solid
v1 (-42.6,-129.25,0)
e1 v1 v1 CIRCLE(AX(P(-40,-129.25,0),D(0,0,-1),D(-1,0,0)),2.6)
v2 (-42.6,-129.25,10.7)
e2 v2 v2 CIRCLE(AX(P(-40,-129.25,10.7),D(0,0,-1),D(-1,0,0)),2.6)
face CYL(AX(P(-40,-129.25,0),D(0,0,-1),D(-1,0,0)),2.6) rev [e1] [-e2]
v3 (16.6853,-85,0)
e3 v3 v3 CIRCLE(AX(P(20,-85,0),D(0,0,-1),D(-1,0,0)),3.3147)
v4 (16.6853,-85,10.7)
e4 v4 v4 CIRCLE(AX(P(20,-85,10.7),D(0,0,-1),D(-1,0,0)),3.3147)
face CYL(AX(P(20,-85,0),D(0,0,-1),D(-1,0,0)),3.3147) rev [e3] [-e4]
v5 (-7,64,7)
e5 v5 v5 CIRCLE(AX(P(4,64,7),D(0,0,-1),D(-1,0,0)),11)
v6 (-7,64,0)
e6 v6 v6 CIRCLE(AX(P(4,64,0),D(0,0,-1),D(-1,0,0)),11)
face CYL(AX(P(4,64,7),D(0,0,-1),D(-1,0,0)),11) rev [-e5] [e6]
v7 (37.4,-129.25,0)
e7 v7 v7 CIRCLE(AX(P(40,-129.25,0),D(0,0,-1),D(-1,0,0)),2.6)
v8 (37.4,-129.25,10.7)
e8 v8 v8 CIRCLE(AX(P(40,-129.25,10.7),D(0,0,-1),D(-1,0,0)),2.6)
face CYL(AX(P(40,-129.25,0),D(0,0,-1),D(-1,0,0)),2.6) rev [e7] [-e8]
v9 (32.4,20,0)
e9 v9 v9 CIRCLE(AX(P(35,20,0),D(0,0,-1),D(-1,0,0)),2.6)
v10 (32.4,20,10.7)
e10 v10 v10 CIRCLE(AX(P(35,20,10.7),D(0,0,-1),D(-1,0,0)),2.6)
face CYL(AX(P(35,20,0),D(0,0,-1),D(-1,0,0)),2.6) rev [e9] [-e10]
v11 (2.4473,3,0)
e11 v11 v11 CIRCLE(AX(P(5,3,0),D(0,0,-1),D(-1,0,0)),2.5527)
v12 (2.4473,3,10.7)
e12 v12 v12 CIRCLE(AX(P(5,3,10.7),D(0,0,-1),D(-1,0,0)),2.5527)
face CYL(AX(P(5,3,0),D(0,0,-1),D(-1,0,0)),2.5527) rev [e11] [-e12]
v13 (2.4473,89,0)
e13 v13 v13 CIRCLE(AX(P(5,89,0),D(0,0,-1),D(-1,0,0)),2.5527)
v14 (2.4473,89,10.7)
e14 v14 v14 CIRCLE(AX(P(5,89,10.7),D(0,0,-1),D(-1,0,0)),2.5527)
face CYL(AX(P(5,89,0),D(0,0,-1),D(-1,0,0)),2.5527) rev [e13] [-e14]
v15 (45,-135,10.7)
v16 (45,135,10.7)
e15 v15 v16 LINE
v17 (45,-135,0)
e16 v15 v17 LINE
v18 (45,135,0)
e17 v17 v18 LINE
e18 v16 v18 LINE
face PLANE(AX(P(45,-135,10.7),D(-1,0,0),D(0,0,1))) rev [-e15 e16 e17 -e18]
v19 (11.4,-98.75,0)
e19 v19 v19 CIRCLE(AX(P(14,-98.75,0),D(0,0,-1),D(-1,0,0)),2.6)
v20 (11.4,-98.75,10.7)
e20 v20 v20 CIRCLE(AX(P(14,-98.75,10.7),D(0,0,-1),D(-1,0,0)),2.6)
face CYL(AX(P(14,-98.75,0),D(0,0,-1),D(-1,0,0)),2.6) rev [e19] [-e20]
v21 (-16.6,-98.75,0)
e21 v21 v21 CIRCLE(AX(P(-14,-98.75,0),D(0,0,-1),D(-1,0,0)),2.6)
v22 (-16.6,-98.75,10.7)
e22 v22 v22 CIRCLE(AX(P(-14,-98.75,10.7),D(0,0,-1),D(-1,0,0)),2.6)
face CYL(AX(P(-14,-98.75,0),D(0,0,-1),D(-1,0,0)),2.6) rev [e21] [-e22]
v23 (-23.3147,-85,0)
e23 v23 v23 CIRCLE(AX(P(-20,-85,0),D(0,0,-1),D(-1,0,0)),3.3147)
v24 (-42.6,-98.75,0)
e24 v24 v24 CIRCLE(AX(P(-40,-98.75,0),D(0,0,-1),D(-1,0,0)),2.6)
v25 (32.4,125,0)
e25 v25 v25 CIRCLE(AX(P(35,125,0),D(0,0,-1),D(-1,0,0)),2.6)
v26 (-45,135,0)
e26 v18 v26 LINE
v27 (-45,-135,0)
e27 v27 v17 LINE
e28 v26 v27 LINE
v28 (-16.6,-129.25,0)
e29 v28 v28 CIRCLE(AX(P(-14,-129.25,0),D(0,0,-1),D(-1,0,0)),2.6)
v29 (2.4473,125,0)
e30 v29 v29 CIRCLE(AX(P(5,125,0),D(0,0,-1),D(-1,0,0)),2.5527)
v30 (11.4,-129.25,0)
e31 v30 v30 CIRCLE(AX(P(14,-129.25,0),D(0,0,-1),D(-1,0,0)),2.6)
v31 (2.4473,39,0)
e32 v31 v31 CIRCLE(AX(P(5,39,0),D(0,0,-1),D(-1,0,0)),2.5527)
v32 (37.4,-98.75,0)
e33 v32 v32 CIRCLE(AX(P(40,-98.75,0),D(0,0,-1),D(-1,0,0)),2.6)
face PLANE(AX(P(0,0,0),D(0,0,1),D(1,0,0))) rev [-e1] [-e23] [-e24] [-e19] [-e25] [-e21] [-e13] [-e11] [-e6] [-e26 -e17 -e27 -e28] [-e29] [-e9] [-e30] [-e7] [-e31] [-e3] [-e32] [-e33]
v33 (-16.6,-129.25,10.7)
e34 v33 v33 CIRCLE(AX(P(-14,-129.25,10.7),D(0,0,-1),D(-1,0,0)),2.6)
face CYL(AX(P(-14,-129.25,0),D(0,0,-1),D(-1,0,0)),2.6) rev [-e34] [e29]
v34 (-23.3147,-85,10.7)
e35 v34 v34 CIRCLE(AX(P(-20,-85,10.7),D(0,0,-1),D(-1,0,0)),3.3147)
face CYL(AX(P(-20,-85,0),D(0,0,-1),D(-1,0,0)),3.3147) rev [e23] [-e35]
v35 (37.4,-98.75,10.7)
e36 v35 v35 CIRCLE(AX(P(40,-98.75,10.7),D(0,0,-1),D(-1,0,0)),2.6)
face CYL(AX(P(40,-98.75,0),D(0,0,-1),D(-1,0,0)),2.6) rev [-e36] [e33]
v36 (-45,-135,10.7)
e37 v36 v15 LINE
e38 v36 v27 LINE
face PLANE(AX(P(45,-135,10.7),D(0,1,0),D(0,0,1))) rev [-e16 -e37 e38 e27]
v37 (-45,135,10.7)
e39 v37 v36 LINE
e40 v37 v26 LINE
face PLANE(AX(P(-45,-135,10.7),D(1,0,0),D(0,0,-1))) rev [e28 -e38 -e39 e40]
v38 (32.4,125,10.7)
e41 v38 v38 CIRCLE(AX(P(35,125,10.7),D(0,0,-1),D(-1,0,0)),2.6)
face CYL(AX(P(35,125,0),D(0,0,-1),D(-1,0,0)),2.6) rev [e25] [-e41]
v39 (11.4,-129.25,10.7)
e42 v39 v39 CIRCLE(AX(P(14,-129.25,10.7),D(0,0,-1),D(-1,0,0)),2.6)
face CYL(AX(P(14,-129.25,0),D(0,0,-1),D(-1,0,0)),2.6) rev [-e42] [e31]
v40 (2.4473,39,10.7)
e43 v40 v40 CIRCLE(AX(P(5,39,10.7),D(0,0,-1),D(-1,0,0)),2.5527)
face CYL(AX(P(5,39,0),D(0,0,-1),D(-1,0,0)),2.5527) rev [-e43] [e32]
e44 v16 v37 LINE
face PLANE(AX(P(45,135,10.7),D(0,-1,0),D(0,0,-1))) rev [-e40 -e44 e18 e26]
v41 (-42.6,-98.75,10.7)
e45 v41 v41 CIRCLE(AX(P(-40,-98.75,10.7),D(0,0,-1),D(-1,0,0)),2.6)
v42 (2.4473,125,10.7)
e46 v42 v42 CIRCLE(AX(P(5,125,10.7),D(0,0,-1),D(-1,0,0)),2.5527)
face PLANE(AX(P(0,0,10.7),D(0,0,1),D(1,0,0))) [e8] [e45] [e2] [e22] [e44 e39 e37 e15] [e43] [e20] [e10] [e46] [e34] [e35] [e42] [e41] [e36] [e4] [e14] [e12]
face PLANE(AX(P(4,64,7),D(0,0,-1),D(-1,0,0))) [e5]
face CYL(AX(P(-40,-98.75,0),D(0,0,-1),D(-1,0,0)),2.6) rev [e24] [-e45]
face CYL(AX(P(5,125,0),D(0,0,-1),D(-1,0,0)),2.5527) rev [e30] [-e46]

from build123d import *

# Parameters (mm, degrees)
ESBO_O1_W                               = 90
ESBO_O1_H                               = 270
RESSALTO_EXTRUS_O1_DEPTH                = 10.7
FURO_ROSCADO_PARA_CONDU_TE_DE_M5X0_81_D = 5.2
FURO_ROSCADO_PARA_CONDU_TE_DE_1_4_281_D = 6.6294
FURO_ROSCADO_PARA_CONDU_TE_DE_M5X0_82_D = 5.2
FURO_ROSCADO_PARA_CONDU_TE_DE_10_321_D  = 5.1054
ESBO_O16_R                              = 11
CORTE_EXTRUS_O1_DEPTH                   = 7


with BuildPart() as part:
    # Esboço1 → Ressalto-extrusão1 (new body)
    with BuildSketch(Plane.XY):
        Rectangle(ESBO_O1_W, ESBO_O1_H)
    extrude(amount=RESSALTO_EXTRUS_O1_DEPTH)

    # Furo roscado para conduíte de M5x0.81 (through all)
    with Locations(Plane(origin=(0, 0, 0), x_dir=(-1, 0, 0), z_dir=(0, 0, -1))):
        with Locations((-40, -98.75), (-40, -129.25), (-14, -129.25), (-14, -98.75), (14, -98.75), (14, -129.25), (40, -129.25), (40, -98.75)):
            Hole(FURO_ROSCADO_PARA_CONDU_TE_DE_M5X0_81_D / 2)

    # Furo roscado para conduíte de 1/4-281 (through all)
    with Locations(Plane(origin=(0, 0, 0), x_dir=(-1, 0, 0), z_dir=(0, 0, -1))):
        with Locations((-20, -85), (20, -85)):
            Hole(FURO_ROSCADO_PARA_CONDU_TE_DE_1_4_281_D / 2)

    # Furo roscado para conduíte de M5x0.82 (through all)
    with Locations(Plane(origin=(0, 0, 0), x_dir=(-1, 0, 0), z_dir=(0, 0, -1))):
        with Locations((-35, 125), (-35, 20)):
            Hole(FURO_ROSCADO_PARA_CONDU_TE_DE_M5X0_82_D / 2)

    # Furo roscado para conduíte de #10-321 (through all)
    with Locations(Plane(origin=(0, 0, 0), x_dir=(-1, 0, 0), z_dir=(0, 0, -1))):
        with Locations((-5, 125), (-5, 89), (-5, 39), (-5, 3)):
            Hole(FURO_ROSCADO_PARA_CONDU_TE_DE_10_321_D / 2)

    # Esboço16 → Corte-extrusão1 (cut)
    with BuildSketch(Plane(origin=(0, 0, 0), x_dir=(-1, 0, 0), z_dir=(0, 0, -1))):
        with Locations((-4, 64)):
            Circle(ESBO_O16_R)
    extrude(amount=-CORTE_EXTRUS_O1_DEPTH, mode=Mode.SUBTRACT)


solid = part.part
